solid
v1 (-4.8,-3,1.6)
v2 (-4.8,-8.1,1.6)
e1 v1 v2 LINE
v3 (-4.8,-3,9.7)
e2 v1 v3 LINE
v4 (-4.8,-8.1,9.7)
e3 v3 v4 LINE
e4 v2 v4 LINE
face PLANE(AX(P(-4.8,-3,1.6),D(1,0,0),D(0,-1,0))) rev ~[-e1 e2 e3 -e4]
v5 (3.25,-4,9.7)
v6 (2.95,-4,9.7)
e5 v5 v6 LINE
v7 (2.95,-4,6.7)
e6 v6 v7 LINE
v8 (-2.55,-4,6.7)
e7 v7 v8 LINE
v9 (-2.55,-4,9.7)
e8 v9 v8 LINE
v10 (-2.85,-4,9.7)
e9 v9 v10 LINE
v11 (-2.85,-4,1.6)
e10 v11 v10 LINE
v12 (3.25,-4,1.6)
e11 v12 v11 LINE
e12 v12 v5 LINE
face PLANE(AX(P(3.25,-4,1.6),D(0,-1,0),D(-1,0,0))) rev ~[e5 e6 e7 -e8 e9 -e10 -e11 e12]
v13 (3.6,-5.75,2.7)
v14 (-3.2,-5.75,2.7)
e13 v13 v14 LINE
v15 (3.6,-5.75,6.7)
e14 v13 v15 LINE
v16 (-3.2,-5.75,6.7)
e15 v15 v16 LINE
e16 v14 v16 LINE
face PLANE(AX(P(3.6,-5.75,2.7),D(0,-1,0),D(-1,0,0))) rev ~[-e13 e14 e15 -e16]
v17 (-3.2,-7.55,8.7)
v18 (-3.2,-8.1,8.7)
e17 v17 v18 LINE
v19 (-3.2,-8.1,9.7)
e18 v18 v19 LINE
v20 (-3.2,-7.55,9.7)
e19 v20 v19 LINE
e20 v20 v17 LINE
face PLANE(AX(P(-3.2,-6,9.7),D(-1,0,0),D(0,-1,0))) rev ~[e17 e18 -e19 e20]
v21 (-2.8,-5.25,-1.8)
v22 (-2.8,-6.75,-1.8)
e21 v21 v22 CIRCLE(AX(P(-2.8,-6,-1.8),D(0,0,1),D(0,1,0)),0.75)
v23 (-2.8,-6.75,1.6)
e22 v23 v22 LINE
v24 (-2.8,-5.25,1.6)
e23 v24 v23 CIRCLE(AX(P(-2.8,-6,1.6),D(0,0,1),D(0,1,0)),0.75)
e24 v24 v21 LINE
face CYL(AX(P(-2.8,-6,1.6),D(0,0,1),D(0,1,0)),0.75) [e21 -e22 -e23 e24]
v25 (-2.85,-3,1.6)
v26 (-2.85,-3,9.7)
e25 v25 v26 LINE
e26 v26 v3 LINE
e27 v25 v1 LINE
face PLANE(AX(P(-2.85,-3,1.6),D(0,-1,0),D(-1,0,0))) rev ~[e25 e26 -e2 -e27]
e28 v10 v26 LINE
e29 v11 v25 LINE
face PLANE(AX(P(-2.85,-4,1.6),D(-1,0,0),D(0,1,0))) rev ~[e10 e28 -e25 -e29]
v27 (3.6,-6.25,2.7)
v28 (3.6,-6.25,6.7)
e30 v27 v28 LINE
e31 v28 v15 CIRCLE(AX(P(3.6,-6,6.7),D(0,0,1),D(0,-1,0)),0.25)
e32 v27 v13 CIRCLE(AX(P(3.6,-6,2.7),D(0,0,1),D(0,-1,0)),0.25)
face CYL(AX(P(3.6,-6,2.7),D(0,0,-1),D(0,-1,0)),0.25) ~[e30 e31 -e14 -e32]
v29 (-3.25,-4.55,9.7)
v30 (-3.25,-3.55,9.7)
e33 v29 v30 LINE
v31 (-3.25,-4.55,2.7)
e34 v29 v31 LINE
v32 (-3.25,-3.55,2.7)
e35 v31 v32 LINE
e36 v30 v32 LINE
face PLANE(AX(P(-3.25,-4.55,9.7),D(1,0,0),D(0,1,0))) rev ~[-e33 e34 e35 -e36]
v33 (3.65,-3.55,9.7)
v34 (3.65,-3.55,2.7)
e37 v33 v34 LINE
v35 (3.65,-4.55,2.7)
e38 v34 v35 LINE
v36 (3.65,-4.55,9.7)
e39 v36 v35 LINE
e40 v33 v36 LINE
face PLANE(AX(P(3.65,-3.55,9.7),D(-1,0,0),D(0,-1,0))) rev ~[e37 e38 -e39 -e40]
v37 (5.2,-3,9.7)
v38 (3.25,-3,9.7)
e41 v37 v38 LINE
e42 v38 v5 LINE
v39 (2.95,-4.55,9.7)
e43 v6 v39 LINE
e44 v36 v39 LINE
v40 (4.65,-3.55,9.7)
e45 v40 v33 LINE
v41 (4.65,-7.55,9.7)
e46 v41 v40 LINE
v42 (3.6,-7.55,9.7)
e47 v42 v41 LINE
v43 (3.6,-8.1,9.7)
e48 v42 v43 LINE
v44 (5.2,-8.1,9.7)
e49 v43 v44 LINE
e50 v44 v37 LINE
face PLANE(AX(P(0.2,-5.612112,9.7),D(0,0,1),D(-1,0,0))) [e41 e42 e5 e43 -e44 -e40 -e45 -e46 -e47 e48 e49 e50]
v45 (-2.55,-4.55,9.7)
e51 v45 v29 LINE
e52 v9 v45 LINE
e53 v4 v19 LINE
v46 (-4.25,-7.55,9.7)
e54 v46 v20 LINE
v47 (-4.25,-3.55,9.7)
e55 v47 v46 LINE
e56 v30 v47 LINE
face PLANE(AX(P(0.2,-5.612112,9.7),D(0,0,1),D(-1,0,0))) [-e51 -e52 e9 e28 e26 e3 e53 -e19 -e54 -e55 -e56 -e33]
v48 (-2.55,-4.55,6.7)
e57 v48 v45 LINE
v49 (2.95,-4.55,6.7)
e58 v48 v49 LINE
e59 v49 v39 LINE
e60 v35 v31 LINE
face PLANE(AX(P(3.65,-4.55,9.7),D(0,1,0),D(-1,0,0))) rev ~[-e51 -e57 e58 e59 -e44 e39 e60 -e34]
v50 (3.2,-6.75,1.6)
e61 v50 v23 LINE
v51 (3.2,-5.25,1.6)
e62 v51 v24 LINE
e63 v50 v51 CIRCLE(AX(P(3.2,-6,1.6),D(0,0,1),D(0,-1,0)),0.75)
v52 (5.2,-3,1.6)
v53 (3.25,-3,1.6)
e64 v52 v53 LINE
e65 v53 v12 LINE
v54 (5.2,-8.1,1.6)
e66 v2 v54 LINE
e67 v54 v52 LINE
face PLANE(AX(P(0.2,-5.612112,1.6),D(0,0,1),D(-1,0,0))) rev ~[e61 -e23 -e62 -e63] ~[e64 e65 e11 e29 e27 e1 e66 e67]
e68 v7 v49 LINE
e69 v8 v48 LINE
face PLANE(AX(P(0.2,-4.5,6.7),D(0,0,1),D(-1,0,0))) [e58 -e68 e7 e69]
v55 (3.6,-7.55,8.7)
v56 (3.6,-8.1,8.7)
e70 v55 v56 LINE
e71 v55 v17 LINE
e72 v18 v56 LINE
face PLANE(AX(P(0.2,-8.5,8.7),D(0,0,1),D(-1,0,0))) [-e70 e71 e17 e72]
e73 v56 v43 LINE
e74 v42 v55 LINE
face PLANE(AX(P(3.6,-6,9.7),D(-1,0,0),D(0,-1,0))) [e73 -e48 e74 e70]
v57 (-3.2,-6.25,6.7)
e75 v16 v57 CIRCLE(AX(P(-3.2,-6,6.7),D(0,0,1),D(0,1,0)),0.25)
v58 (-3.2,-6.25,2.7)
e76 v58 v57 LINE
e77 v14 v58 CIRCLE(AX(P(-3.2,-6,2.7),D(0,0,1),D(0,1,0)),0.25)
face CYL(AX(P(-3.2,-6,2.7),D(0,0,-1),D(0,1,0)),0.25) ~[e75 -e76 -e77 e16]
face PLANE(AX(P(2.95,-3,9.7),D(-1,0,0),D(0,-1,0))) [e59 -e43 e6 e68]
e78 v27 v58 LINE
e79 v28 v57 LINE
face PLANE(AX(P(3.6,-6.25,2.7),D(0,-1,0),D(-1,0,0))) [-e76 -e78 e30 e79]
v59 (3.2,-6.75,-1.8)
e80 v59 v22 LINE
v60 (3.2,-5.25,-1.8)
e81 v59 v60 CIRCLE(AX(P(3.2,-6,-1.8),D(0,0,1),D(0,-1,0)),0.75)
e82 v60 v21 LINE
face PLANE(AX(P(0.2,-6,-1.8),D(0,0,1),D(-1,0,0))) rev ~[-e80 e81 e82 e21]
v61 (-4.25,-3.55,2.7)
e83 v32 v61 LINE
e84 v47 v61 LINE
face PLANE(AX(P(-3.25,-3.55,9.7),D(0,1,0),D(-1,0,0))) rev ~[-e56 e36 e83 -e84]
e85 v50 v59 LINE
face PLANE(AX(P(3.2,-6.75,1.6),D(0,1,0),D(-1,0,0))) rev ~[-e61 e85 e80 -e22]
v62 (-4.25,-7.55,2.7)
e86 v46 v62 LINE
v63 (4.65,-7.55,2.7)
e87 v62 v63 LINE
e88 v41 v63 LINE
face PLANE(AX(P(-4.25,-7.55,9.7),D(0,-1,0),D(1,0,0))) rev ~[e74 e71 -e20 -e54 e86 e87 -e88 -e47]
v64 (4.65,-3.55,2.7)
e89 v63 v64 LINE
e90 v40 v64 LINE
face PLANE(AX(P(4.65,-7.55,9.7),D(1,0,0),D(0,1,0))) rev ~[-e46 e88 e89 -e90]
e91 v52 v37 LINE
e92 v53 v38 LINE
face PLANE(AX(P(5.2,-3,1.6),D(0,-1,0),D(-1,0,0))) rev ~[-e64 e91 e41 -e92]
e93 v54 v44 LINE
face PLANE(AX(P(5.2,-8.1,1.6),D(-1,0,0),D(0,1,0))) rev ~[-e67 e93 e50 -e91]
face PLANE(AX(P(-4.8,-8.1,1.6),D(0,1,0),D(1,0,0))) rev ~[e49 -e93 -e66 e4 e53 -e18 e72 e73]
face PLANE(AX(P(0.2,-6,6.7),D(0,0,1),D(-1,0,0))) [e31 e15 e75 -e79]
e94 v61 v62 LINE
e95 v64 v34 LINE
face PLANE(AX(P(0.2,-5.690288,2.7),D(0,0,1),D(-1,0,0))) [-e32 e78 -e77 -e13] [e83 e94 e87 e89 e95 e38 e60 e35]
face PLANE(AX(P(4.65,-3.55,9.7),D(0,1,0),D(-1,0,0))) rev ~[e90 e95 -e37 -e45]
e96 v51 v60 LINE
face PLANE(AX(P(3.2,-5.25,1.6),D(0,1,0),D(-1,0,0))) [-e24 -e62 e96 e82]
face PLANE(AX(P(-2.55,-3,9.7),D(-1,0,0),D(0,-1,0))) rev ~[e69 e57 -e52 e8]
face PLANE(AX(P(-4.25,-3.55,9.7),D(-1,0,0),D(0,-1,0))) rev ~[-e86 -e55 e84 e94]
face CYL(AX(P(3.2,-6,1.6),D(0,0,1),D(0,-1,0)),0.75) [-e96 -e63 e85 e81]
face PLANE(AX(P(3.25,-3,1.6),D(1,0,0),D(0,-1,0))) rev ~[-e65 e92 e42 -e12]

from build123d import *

# Parameters (mm, degrees)
PAD005_DEPTH            = 8.1
POCKET003_DEPTH         = 7
SKETCH010_W             = 6.8
SKETCH010_H             = 5
POCKET004_DEPTH         = 1
SKETCH011_W             = 5.5
SKETCH011_H             = 3
POCKET005_DEPTH         = 3
PAD006_DEPTH            = 4
PAD007_DEPTH            = 3.4
BODY005_PLACEMENT_ANGLE = 180


with BuildPart() as part:
    # Sketch008 → Pad005 (new body)
    with BuildSketch(Plane.XY):
        Polygon((-5, 0), (-3.05, 0), (-3.05, 1), (3.05, 1), (3.05, 0), (5, 0), (5, 5.1), (-5, 5.1), align=None)
    extrude(amount=PAD005_DEPTH)

    # Sketch009 (on Face10 of Pad005) → Pocket003 (cut)
    with BuildSketch(Plane.XY.offset(8.1)):
        Polygon((-4.45, 0.55), (-3.45, 0.55), (-3.45, 1.55), (3.45, 1.55), (3.45, 0.55), (4.45, 0.55), (4.45, 4.55), (-4.45, 4.55), align=None)
    extrude(amount=-POCKET003_DEPTH, mode=Mode.SUBTRACT)

    # Sketch010 (on Face5 of Pocket003) → Pocket004 (cut)
    with BuildSketch(Plane.XY.offset(8.1)):
        with Locations((0, 5.5)):
            Rectangle(SKETCH010_W, SKETCH010_H)
    extrude(amount=-POCKET004_DEPTH, mode=Mode.SUBTRACT)

    # Sketch011 (on Face5 of Pocket004) → Pocket005 (cut)
    with BuildSketch(Plane.XY.offset(8.1)):
        with Locations((0, 1.5)):
            Rectangle(SKETCH011_W, SKETCH011_H)
    extrude(amount=-POCKET005_DEPTH, mode=Mode.SUBTRACT)

    # Sketch012 (on Face26 of Pocket005) → Pad006 (join)
    with BuildSketch(Plane.XY.offset(1.1)):
        with BuildLine():
            ThreePointArc((-3.4, 3.25), (-3.65, 3), (-3.4, 2.75))
            Line((-3.4, 2.75), (3.4, 2.75))
            ThreePointArc((3.4, 2.75), (3.65, 3), (3.4, 3.25))
            Line((-3.4, 3.25), (3.4, 3.25))
        make_face()
    extrude(amount=PAD006_DEPTH)

    # Sketch013 → Pad007 (join)
    with BuildSketch(Plane.XY):
        with BuildLine():
            ThreePointArc((-3, 3.75), (-3.75, 3), (-3, 2.25))
            Line((-3, 2.25), (3, 2.25))
            ThreePointArc((3, 2.25), (3.75, 3), (3, 3.75))
            Line((-3, 3.75), (3, 3.75))
        make_face()
    extrude(amount=-PAD007_DEPTH)


with BuildPart() as part_1:
    # Body005 placement: moved
    add(part.part.moved(Location((0.2, -3, 1.6))).rotate(Axis((0.2, -3, 1.6), (0, 0, 1)), BODY005_PLACEMENT_ANGLE))


solid = part_1.part
